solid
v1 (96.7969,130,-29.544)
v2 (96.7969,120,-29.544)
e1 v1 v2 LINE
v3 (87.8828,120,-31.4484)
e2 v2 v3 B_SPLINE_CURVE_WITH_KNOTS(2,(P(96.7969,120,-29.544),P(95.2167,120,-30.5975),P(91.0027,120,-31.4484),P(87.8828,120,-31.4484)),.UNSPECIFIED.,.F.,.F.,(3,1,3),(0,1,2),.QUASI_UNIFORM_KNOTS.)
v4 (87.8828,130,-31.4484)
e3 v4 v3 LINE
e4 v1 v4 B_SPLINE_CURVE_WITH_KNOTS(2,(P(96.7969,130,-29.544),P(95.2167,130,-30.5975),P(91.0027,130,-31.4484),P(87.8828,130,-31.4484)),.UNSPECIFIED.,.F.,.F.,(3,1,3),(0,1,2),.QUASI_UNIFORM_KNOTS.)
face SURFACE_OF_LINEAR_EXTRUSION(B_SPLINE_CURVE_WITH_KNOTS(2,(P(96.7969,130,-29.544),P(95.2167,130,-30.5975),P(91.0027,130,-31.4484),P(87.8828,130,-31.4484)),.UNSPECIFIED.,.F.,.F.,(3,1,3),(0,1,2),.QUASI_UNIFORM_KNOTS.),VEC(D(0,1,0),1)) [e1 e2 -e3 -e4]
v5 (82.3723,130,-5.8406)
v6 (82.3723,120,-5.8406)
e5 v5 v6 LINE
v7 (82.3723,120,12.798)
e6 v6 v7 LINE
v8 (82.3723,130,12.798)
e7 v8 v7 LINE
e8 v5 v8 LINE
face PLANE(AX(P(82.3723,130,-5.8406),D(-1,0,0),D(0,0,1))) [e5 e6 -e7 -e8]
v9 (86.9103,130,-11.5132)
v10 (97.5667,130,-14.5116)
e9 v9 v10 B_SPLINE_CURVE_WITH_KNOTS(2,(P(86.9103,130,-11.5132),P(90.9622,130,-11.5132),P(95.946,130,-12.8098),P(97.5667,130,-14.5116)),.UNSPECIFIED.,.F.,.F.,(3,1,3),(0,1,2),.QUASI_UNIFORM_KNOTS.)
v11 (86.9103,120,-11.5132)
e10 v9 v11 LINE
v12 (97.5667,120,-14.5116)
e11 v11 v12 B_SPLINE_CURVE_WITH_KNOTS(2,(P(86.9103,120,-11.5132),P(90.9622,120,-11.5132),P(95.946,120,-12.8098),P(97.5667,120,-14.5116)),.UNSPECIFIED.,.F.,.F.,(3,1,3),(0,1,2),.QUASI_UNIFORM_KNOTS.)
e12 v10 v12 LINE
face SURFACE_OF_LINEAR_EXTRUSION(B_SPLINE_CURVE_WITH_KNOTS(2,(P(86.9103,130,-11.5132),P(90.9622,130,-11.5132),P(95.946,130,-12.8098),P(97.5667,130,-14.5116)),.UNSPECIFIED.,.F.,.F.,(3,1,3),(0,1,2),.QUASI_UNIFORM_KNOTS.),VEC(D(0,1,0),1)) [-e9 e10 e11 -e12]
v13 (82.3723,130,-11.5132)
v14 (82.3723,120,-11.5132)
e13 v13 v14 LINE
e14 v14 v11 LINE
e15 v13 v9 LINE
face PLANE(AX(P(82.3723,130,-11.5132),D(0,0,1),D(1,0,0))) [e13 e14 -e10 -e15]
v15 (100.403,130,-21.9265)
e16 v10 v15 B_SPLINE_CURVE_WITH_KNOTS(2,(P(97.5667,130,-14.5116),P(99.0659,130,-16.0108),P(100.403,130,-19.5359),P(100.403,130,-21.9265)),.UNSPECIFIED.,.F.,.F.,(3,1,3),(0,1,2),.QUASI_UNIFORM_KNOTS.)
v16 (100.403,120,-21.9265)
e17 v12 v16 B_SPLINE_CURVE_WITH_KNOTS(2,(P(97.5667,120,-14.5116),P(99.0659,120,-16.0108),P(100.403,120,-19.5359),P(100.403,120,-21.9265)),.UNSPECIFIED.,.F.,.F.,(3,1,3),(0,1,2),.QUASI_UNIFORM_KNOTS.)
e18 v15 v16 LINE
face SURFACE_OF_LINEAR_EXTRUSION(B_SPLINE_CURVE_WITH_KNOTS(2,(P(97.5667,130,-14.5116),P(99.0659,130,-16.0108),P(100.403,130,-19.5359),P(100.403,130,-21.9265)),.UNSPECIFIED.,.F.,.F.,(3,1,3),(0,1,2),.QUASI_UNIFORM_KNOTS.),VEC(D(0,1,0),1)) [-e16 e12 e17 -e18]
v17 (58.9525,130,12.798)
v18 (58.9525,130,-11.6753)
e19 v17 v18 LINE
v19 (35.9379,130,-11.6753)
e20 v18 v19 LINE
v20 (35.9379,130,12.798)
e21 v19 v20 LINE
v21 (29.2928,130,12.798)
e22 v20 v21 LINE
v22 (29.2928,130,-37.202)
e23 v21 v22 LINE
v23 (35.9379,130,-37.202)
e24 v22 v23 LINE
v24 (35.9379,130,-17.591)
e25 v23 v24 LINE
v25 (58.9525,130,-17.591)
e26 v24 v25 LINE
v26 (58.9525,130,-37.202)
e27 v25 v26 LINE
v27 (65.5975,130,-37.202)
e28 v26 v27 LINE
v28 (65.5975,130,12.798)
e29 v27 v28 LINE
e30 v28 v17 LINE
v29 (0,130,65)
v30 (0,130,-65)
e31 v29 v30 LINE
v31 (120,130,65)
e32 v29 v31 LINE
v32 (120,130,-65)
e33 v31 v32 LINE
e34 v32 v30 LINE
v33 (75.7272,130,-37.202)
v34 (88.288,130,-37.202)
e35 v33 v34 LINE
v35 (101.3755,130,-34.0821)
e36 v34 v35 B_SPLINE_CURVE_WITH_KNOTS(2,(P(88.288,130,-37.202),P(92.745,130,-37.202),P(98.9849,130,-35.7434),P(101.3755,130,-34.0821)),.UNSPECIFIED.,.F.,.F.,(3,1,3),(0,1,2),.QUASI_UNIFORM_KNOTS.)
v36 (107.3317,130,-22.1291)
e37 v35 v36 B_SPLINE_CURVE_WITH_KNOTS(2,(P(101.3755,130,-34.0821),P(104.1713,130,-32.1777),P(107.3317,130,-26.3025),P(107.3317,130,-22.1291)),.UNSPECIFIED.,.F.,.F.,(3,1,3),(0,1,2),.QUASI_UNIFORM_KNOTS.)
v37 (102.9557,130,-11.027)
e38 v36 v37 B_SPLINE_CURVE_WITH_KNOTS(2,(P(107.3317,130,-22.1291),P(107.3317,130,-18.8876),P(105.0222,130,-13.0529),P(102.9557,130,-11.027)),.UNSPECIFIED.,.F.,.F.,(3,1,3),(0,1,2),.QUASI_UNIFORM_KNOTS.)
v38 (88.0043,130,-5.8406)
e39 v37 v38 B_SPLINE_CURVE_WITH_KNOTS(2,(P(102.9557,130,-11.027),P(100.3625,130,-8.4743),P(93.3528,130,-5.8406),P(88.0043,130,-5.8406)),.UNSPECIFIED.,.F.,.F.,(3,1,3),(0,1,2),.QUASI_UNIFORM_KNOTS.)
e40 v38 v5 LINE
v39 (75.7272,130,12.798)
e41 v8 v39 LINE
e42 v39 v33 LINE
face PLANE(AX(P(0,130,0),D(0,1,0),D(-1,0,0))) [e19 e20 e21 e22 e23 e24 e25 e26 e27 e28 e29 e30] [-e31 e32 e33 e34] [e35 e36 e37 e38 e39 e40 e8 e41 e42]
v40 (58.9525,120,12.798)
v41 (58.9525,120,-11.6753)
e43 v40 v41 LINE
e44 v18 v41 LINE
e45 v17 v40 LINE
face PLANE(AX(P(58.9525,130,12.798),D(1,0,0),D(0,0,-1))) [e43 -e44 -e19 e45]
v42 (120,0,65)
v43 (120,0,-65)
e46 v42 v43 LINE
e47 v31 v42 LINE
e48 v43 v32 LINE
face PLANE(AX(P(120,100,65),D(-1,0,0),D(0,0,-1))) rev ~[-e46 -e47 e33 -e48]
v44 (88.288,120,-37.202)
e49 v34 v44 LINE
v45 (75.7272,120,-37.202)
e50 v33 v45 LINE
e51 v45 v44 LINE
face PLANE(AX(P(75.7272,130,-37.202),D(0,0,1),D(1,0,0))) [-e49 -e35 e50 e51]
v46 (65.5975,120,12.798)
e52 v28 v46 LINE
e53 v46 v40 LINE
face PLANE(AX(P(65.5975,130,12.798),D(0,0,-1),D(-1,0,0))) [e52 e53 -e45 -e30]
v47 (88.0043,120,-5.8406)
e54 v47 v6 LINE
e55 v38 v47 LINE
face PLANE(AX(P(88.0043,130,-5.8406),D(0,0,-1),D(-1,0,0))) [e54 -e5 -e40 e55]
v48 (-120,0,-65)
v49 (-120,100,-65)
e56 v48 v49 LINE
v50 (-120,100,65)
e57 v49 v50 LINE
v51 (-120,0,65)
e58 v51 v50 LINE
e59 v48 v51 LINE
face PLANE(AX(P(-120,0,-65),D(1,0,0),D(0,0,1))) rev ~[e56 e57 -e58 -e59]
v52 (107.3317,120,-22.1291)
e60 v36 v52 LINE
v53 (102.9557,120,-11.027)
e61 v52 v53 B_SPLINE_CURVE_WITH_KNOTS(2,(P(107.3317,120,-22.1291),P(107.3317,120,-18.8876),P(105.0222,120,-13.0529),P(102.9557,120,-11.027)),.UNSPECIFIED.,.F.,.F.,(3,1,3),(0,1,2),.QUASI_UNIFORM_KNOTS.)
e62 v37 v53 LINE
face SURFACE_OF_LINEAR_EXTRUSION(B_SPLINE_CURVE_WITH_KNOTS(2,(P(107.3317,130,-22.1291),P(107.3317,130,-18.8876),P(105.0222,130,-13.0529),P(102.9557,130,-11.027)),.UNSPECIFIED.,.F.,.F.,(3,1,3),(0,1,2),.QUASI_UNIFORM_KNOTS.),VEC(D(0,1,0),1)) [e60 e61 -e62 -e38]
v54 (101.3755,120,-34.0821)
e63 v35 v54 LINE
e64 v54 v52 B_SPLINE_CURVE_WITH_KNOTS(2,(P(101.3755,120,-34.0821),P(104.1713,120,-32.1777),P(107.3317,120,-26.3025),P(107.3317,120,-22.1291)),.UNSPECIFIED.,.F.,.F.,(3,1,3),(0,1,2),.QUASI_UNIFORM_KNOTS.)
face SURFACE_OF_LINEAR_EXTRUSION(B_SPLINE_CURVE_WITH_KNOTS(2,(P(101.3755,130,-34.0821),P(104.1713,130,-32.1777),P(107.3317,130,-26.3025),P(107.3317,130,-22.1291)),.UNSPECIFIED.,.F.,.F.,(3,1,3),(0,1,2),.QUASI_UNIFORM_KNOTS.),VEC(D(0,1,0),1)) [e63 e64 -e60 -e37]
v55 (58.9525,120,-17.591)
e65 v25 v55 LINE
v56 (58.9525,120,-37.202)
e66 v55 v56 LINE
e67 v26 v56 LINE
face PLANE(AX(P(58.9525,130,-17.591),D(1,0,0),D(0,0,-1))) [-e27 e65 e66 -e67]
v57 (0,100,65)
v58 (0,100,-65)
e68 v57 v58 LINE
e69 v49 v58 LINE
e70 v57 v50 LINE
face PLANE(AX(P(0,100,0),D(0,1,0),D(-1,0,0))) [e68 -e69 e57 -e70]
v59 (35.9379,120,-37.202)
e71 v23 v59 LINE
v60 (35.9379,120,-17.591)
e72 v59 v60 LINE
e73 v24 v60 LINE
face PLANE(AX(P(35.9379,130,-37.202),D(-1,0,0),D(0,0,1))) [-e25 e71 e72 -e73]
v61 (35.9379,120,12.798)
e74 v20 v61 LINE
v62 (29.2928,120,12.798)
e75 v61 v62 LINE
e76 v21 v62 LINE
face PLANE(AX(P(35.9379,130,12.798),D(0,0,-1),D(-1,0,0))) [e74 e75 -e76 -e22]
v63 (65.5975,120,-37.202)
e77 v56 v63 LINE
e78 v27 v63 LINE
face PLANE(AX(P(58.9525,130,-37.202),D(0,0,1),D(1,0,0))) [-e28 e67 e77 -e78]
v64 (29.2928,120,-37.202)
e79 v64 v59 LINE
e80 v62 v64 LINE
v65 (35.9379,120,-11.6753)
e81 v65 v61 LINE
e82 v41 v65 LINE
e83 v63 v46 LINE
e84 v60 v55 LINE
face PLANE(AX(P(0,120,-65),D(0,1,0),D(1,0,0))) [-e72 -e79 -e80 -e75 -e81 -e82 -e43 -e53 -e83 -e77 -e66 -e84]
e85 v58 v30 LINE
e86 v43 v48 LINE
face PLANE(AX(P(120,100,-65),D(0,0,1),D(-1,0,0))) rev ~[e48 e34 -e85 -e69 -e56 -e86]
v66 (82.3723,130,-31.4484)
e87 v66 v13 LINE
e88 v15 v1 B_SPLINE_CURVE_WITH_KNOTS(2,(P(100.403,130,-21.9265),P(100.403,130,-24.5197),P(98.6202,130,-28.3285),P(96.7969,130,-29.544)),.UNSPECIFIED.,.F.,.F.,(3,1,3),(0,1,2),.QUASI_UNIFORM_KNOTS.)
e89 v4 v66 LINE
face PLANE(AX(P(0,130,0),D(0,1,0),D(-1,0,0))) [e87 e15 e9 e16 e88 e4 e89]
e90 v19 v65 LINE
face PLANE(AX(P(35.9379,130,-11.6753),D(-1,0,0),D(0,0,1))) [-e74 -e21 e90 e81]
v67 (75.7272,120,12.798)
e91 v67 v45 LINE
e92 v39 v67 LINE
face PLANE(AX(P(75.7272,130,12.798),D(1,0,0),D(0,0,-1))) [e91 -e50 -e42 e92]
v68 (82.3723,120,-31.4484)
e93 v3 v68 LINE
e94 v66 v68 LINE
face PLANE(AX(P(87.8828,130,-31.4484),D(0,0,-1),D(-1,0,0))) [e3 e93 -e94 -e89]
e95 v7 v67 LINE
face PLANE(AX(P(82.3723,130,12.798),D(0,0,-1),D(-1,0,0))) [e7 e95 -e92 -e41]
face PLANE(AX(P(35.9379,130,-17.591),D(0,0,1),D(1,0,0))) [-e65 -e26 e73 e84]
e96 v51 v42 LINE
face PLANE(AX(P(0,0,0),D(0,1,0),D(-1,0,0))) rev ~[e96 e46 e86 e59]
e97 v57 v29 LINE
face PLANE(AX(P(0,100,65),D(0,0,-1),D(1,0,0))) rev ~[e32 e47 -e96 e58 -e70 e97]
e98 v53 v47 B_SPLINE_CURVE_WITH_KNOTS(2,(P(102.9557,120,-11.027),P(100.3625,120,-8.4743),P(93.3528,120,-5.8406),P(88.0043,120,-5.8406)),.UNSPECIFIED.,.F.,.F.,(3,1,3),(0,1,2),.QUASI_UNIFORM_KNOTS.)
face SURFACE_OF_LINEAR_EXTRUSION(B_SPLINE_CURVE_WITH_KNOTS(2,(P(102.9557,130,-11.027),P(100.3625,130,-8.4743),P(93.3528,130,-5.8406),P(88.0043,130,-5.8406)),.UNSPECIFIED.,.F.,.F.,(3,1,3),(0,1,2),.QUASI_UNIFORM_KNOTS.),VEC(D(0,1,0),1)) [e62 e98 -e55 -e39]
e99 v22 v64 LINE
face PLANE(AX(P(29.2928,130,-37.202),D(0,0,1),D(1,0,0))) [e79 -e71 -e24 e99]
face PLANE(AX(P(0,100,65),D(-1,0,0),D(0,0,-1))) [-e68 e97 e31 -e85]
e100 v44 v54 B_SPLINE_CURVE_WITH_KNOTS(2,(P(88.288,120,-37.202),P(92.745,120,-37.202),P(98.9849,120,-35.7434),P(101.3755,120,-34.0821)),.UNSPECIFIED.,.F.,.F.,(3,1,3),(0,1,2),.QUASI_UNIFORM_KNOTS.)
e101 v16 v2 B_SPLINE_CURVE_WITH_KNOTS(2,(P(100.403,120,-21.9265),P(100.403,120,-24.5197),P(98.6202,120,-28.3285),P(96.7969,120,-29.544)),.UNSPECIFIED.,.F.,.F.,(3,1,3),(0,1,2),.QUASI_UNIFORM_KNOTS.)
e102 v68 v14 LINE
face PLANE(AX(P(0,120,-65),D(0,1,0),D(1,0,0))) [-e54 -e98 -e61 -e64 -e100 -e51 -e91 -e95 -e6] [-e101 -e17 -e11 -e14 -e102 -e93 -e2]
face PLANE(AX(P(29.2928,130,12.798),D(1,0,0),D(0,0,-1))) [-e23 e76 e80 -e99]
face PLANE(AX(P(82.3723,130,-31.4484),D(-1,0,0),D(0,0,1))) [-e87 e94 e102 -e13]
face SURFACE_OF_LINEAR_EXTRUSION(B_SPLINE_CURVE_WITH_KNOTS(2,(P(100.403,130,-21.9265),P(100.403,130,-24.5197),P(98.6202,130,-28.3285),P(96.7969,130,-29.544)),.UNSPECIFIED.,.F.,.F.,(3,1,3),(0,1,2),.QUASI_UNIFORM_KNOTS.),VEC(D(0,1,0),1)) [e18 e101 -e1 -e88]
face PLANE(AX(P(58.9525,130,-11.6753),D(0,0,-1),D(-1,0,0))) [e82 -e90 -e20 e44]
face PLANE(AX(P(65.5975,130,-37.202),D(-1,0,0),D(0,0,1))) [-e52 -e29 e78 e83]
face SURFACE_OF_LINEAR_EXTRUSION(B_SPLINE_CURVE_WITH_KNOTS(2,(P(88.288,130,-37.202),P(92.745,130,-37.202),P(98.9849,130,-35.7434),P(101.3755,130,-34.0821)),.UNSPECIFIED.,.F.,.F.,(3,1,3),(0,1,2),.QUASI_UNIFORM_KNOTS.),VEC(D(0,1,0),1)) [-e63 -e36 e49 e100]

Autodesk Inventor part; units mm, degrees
ref_plane "YZ Plane" through (0, 0, 0) normal (1, 0, 0) x (0, 1, 0)
ref_plane "XZ Plane" through (0, 0, 0) normal (0, 1, 0) x (-1, 0, 0)
ref_plane "XY Plane" through (0, 0, 0) normal (0, 0, 1) x (1, 0, 0)
sketch "Sketch1" plane through (0, 0, 0) normal (0, 1, 0) x (-1, 0, 0)
  line L0 (-120, -65) -> (120, -65)
  line L1 (120, -65) -> (120, 65)
  line L2 (120, 65) -> (-120, 65)
  line L3 (-120, 65) -> (-120, -65)
  line L4 (-120, -65) -> (120, 65) construction
  line L5 (120, -65) -> (-120, 65) construction
  line L6 (0, 65) -> (0, -65)
  point P0 (0, 0)
  dimension "d0" = 240
  dimension "d1" = 130
  dimension "d4" = 120
extrude "Extrusion1" add sketch "Sketch1" along normal blind 100
extrude "Extrusion2" add sketch "Sketch1" along normal blind 30 from surface at 100 contours L3 L2 L6 L0
sketch "Sketch2" plane through (0, 130, -65) normal (0, 1, 0) x (1, 0, 0)
  line L0 (24.228, -27.798) -> (40.6948, -27.798) construction
  line L1 (40.6948, -27.798) -> (40.6948, -38.1545) construction
  line L2 (40.6948, -38.1545) -> (24.228, -38.1545) construction
  line L3 (24.228, -38.1545) -> (24.228, -27.798) construction
  line L4 (65.5975, -77.798) -> (58.9525, -77.798)
  line L5 (58.9525, -77.798) -> (58.9525, -53.3247)
  line L6 (58.9525, -53.3247) -> (35.9379, -53.3247)
  line L7 (35.9379, -53.3247) -> (35.9379, -77.798)
  line L8 (35.9379, -77.798) -> (29.2928, -77.798)
  line L9 (29.2928, -77.798) -> (29.2928, -27.798)
  line L10 (29.2928, -27.798) -> (35.9379, -27.798)
  line L11 (35.9379, -27.798) -> (35.9379, -47.409)
  line L12 (35.9379, -47.409) -> (58.9525, -47.409)
  line L13 (58.9525, -47.409) -> (58.9525, -27.798)
  line L14 (58.9525, -27.798) -> (65.5975, -27.798)
  line L15 (65.5975, -27.798) -> (65.5975, -77.798)
  spline S0 degree 2 poles (107.3317, -42.8709) (107.3317, -46.1124) (105.0222, -51.9471) (102.9557, -53.973) knots 0 0 0 1 2 2 2
  spline S1 degree 2 poles (102.9557, -53.973) (100.3625, -56.5257) (93.3528, -59.1594) (88.0043, -59.1594) knots 0 0 0 1 2 2 2
  line L16 (88.0043, -59.1594) -> (82.3723, -59.1594)
  line L17 (82.3723, -59.1594) -> (82.3723, -77.798)
  line L18 (82.3723, -77.798) -> (75.7272, -77.798)
  line L19 (75.7272, -77.798) -> (75.7272, -27.798)
  line L20 (75.7272, -27.798) -> (88.288, -27.798)
  spline S2 degree 2 poles (88.288, -27.798) (92.745, -27.798) (98.9849, -29.2566) (101.3755, -30.9179) knots 0 0 0 1 2 2 2
  spline S3 degree 2 poles (101.3755, -30.9179) (104.1713, -32.8223) (107.3317, -38.6975) (107.3317, -42.8709) knots 0 0 0 1 2 2 2
  spline S4 degree 2 poles (100.403, -43.0735) (100.403, -40.4803) (98.6202, -36.6715) (96.7969, -35.456) knots 0 0 0 1 2 2 2
  spline S5 degree 2 poles (96.7969, -35.456) (95.2167, -34.4025) (91.0027, -33.5516) (87.8828, -33.5516) knots 0 0 0 1 2 2 2
  line L21 (87.8828, -33.5516) -> (82.3723, -33.5516)
  line L22 (82.3723, -33.5516) -> (82.3723, -53.4868)
  line L23 (82.3723, -53.4868) -> (86.9103, -53.4868)
  spline S6 degree 2 poles (86.9103, -53.4868) (90.9622, -53.4868) (95.946, -52.1902) (97.5667, -50.4884) knots 0 0 0 1 2 2 2
  spline S7 degree 2 poles (97.5667, -50.4884) (99.0659, -48.9892) (100.403, -45.4641) (100.403, -43.0735) knots 0 0 0 1 2 2 2
  point P0 (0, -65)
  point P1 (67.1766, -110.0367)
extrude "Extrusion3" cut sketch "Sketch2" against normal blind 10
properties part number "HotPlate"
